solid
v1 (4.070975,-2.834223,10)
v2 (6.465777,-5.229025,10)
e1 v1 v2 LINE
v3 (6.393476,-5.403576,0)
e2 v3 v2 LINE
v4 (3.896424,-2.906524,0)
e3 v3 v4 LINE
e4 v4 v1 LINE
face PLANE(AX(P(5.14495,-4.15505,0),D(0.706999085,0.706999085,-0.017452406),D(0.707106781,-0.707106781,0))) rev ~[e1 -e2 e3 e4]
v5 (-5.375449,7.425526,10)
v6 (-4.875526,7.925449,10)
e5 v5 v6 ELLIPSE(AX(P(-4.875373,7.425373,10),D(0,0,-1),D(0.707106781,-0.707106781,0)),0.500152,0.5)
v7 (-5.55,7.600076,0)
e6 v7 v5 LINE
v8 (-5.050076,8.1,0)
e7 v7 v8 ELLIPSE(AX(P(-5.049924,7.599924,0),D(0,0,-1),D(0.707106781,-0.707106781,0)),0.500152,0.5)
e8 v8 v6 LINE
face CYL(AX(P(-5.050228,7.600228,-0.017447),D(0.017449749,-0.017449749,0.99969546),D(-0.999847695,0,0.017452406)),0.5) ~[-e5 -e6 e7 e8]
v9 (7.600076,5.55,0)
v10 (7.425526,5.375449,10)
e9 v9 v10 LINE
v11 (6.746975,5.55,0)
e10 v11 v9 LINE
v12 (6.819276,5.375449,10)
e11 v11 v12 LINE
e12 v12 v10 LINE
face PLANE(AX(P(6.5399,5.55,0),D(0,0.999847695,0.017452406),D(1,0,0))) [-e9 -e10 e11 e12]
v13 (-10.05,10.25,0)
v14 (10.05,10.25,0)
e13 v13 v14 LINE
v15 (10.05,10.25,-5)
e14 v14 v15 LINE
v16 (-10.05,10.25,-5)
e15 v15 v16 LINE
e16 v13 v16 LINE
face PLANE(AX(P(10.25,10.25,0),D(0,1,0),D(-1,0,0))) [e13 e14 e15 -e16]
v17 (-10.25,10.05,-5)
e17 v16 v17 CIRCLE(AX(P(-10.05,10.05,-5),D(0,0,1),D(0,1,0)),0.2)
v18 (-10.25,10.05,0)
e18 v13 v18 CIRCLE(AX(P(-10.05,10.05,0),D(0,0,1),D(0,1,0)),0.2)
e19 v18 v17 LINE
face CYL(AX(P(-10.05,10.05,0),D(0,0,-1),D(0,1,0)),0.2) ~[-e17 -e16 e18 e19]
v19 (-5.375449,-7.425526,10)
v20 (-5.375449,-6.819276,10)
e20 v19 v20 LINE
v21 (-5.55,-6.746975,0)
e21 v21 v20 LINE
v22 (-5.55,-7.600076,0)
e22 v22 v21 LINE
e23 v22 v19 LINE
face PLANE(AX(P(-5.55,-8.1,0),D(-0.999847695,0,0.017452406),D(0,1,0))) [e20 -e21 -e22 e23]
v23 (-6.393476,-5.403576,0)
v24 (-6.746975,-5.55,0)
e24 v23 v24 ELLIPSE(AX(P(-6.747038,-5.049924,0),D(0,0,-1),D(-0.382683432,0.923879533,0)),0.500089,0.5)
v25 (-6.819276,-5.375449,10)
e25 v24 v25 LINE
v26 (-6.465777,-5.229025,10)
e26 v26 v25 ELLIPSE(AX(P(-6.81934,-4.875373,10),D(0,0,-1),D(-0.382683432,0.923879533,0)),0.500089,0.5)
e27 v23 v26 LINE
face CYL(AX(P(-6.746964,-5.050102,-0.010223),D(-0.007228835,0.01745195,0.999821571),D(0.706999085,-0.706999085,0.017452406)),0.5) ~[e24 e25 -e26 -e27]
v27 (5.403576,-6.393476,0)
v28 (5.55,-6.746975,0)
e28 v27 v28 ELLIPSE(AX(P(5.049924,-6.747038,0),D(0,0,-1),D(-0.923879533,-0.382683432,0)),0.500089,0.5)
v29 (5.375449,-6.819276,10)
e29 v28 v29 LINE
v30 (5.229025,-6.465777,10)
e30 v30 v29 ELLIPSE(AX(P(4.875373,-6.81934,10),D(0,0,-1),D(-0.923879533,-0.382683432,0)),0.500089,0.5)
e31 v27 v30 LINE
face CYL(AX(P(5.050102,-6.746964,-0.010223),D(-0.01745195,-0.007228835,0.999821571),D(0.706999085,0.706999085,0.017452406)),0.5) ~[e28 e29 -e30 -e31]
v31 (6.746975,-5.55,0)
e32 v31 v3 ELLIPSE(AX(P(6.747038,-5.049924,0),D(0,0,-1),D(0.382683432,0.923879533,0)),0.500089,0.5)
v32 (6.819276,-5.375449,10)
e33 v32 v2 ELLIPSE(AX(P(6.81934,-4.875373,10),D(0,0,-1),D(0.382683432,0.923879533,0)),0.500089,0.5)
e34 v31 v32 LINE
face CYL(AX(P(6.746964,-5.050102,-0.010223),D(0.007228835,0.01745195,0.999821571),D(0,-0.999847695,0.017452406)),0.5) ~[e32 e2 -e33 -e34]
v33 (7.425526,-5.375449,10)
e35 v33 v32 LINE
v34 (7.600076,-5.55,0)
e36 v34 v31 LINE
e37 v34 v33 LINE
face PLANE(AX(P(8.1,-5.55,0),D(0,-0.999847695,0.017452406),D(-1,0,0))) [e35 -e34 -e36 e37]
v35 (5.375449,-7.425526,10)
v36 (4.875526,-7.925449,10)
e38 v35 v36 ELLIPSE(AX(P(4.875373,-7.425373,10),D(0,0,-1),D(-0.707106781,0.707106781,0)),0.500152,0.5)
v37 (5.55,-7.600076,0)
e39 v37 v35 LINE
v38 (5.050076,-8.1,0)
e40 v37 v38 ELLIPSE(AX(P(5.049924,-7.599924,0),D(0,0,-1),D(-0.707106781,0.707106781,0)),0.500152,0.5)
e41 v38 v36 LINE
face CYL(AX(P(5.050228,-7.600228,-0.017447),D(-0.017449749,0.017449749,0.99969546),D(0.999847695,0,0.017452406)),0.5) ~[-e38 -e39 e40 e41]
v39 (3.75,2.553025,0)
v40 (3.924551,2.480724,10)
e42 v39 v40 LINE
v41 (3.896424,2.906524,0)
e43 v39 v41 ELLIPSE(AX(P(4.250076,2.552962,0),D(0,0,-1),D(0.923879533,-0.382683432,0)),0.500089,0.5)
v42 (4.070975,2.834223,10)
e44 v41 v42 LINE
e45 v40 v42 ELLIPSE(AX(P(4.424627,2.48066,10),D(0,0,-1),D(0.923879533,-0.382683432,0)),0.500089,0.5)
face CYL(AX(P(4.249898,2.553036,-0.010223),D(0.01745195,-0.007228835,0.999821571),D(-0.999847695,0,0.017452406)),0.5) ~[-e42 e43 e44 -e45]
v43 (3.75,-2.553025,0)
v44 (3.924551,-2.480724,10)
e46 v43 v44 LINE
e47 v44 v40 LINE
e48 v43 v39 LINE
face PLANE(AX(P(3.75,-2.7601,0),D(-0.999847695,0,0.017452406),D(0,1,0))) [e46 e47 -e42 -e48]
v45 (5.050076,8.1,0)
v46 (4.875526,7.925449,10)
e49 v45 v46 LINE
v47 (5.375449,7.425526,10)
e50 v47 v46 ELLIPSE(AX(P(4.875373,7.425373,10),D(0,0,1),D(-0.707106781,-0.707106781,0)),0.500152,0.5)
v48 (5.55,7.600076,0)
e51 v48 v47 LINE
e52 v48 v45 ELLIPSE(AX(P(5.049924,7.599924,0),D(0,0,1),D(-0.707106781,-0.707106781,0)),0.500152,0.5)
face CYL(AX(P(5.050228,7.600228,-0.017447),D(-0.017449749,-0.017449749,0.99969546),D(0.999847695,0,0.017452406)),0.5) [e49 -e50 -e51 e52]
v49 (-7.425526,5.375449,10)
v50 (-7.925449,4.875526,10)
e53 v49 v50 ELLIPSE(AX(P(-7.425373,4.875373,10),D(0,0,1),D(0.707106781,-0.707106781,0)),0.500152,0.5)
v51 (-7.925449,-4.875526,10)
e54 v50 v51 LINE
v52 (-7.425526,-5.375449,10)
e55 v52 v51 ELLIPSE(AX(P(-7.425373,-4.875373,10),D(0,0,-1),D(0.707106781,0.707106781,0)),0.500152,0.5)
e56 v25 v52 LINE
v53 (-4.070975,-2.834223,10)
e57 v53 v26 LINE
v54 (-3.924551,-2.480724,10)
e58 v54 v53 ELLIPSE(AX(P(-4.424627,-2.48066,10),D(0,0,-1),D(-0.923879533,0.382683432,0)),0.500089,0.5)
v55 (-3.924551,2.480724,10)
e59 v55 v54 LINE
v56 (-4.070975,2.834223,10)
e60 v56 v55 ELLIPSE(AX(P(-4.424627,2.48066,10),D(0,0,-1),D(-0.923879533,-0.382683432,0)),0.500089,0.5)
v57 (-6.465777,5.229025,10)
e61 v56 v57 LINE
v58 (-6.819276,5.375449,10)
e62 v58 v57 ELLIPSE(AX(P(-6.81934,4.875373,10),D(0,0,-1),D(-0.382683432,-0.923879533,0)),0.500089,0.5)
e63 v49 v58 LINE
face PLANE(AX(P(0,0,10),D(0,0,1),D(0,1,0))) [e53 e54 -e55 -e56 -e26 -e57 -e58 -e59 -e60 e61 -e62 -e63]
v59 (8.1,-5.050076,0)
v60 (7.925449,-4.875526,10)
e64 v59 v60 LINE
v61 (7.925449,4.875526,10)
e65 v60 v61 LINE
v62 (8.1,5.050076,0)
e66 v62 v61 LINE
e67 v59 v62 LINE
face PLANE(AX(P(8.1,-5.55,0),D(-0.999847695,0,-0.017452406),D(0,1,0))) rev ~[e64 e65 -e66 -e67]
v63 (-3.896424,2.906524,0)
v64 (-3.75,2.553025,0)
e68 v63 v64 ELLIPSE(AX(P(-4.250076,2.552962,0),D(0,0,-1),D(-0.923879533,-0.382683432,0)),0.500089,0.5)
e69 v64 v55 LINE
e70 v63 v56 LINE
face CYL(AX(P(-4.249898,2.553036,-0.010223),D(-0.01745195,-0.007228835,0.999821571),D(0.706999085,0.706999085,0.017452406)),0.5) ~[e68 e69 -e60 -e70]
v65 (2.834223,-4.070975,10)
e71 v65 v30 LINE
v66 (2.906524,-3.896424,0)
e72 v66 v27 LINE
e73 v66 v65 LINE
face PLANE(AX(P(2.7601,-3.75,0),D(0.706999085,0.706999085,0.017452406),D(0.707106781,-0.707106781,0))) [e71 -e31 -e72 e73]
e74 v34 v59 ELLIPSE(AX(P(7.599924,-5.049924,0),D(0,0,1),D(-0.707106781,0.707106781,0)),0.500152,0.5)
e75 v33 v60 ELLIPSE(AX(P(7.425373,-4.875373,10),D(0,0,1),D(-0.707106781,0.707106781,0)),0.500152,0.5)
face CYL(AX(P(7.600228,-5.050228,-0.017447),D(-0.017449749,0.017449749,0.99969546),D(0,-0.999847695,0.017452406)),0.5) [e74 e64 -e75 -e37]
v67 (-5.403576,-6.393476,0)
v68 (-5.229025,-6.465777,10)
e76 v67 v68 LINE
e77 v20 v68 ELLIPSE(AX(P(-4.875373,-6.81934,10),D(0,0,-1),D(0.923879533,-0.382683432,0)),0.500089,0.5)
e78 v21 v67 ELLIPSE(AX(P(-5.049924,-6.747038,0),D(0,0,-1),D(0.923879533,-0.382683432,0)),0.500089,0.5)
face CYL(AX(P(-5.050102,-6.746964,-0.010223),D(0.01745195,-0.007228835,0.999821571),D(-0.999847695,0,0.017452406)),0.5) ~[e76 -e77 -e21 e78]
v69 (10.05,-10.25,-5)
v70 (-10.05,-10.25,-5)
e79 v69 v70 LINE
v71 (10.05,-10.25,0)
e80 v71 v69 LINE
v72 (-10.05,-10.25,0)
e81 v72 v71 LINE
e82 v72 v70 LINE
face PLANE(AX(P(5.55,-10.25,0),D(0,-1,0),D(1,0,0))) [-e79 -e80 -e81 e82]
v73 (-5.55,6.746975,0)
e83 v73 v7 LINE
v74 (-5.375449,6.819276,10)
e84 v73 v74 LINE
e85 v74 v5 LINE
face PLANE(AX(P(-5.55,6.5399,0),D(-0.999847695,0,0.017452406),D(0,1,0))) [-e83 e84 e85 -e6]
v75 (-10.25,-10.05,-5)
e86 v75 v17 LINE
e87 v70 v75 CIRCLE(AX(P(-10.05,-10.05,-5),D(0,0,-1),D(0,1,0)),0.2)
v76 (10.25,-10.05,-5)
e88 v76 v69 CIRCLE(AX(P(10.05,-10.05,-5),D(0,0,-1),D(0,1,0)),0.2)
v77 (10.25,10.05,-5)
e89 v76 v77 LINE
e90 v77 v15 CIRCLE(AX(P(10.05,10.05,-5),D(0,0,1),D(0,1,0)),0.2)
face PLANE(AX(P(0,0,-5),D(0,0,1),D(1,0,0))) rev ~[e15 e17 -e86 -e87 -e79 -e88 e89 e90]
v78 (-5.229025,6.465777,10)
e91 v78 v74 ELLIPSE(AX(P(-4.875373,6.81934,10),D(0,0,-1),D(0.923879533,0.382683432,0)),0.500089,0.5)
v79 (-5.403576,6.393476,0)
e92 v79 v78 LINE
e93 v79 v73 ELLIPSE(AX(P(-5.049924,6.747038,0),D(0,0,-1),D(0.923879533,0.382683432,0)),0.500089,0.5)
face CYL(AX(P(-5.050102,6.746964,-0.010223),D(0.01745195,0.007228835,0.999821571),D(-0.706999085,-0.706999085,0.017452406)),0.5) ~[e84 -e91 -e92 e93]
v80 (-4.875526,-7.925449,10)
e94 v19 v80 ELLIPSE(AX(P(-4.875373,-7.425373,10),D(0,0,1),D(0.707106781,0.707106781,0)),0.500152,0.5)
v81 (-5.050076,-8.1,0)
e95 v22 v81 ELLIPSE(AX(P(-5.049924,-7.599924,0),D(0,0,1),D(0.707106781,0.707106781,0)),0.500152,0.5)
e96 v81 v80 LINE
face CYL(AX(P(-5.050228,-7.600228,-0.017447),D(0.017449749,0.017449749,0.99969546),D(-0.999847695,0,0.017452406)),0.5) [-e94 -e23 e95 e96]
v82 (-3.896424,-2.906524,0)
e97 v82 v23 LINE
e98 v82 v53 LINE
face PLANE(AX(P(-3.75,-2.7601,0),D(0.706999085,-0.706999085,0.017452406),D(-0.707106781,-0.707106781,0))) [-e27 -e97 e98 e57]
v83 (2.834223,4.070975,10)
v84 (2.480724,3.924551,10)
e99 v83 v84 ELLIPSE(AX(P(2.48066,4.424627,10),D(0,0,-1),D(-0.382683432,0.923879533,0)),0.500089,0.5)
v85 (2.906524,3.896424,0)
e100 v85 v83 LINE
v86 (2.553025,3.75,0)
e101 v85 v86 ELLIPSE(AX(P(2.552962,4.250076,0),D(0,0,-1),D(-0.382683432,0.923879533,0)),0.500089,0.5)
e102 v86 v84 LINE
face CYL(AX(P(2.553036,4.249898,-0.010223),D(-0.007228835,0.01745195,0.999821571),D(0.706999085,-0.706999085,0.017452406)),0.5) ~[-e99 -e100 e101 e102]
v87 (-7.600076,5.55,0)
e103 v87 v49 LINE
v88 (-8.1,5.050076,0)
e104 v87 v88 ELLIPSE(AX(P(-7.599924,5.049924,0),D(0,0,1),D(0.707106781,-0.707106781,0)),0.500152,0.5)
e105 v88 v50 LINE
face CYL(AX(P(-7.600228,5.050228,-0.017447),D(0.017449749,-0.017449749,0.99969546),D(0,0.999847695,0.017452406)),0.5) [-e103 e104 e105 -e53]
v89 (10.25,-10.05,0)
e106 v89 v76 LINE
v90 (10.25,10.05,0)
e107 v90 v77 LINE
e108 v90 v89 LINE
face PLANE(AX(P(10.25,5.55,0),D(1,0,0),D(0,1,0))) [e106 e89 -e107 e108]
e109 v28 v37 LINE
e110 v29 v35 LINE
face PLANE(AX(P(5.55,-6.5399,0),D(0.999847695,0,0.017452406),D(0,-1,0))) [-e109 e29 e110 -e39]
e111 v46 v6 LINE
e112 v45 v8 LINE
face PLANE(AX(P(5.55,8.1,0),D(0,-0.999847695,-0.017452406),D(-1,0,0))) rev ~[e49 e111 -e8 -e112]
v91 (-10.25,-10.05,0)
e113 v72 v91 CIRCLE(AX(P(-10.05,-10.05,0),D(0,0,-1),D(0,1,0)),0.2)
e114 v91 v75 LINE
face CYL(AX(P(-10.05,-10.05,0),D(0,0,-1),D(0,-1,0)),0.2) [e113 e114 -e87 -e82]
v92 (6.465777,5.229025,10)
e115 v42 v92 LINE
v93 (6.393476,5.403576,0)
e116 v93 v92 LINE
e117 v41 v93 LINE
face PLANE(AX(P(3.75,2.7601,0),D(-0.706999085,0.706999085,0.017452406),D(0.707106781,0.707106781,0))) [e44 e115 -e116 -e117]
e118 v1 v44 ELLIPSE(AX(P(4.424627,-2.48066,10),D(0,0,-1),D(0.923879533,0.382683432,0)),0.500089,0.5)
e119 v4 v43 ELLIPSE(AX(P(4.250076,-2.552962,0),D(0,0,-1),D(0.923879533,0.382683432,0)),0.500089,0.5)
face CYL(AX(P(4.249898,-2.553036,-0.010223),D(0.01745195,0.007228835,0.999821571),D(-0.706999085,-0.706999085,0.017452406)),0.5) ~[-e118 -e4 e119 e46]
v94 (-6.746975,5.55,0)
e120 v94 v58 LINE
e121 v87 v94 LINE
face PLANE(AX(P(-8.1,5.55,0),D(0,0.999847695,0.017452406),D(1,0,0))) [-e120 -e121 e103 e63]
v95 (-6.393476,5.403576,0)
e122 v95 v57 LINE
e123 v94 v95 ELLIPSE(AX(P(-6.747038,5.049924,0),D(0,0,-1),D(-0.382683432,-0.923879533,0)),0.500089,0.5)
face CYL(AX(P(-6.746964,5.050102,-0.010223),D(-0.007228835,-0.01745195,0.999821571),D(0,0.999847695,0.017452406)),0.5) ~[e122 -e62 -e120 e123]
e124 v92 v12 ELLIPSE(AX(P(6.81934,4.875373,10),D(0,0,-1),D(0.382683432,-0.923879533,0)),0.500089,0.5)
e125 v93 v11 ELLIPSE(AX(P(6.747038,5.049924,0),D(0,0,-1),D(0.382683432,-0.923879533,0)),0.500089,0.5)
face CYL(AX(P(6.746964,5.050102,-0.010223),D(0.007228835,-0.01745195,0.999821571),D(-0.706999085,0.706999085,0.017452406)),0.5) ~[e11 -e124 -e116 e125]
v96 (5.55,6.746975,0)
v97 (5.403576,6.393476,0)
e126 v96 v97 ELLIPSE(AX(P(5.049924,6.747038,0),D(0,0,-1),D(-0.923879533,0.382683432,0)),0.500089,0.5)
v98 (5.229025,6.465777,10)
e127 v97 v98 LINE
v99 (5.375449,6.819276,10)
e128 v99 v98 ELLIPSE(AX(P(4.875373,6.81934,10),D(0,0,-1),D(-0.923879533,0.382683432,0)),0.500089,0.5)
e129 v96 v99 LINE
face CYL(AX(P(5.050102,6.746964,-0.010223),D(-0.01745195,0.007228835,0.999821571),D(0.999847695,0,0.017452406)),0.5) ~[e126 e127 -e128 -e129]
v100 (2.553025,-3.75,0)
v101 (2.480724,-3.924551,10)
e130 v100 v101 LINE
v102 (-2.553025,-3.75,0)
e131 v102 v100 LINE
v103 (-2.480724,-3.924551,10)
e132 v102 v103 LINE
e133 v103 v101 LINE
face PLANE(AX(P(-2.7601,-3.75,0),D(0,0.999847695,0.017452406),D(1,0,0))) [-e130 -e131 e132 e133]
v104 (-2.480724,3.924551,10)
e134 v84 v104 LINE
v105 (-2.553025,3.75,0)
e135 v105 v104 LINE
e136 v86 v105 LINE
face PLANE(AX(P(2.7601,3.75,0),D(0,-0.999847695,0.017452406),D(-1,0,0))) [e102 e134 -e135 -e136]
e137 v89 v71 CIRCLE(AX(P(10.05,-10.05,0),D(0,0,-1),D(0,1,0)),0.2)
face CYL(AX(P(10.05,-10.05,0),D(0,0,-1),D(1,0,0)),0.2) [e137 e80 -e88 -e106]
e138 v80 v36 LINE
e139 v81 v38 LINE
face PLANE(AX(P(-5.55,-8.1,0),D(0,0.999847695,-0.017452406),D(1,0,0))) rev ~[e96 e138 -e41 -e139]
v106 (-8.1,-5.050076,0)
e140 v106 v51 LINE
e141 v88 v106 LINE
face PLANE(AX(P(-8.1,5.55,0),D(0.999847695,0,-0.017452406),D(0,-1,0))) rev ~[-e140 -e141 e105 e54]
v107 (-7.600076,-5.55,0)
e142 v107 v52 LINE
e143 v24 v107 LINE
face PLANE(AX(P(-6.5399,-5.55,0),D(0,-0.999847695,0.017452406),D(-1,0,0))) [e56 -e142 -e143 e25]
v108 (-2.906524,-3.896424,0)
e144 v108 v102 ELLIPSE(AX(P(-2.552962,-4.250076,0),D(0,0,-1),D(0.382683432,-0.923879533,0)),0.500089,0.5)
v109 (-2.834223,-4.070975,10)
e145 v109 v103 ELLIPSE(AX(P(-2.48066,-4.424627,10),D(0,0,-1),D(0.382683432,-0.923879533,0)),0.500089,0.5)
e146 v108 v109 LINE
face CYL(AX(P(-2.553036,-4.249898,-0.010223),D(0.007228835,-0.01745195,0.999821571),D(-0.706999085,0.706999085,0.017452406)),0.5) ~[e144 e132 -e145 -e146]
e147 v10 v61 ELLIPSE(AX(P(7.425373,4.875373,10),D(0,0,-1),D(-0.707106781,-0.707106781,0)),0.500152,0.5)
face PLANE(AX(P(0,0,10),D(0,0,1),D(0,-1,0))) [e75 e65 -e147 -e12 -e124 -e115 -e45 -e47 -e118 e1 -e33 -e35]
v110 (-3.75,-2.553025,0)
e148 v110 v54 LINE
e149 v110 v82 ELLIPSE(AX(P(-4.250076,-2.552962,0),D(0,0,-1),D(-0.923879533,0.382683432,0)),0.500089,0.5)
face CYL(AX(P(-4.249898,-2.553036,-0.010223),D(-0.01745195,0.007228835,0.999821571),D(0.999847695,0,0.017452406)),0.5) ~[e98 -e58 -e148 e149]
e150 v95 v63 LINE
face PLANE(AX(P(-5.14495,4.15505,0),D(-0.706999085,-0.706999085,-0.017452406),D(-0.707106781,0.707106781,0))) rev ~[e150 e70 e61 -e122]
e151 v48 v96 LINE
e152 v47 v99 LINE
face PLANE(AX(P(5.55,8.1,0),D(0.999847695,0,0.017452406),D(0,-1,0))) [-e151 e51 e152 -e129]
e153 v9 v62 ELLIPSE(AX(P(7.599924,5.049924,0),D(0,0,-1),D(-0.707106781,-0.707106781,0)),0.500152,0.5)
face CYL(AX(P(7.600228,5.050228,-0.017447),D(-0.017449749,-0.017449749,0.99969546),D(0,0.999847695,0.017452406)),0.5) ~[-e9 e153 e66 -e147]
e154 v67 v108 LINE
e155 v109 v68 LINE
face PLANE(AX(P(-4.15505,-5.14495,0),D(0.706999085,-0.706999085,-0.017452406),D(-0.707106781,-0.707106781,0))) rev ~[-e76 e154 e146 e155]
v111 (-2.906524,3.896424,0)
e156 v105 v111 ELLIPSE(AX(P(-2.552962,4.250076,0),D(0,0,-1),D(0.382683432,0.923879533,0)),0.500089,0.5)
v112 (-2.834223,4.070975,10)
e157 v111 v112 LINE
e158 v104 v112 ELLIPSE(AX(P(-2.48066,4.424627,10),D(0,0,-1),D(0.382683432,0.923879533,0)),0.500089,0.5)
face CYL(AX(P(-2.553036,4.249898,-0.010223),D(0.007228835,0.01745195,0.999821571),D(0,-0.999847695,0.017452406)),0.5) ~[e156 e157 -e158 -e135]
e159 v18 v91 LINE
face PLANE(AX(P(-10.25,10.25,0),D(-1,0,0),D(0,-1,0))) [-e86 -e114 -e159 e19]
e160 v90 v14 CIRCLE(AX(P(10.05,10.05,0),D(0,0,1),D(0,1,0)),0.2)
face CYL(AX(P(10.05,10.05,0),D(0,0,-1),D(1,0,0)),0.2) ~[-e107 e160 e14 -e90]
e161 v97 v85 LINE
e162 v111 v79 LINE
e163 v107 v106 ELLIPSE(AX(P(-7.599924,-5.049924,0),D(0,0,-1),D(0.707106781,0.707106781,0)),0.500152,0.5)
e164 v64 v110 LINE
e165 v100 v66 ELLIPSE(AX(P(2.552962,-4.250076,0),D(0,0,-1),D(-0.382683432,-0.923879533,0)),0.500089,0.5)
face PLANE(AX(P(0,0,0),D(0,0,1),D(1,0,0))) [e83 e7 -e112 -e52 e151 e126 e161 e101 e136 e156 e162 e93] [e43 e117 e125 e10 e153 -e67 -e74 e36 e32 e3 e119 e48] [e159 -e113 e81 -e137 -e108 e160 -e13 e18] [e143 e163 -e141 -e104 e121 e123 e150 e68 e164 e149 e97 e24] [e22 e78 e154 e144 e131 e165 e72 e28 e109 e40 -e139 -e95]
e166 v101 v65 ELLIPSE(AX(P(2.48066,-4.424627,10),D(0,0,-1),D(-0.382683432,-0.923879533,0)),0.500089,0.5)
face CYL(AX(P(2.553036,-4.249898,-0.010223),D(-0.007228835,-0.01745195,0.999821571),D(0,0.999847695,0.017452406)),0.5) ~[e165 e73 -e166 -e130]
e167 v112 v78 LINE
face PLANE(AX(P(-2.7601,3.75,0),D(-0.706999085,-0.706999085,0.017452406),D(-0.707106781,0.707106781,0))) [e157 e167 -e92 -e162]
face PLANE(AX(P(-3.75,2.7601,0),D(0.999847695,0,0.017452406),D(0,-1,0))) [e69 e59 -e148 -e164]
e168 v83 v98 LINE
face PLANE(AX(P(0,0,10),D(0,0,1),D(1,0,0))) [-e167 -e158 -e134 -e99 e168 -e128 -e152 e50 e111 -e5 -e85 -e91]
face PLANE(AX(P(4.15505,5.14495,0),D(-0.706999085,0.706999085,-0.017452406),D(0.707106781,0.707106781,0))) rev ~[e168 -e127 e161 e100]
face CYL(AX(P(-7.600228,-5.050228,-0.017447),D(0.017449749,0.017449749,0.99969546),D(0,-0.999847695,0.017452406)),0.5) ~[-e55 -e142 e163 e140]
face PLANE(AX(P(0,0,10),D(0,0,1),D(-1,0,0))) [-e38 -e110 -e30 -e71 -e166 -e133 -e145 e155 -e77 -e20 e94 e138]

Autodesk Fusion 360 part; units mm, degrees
ref_plane "WorkPlane1" through (0, 0, 0) normal (0, 0, 1) x (1, 0, 0)
sketch "Sketch1" plane through (0, 0, 0) normal (0, 0, 1) x (1, 0, 0)
  line L0 (10.25, 10.25) -> (-10.25, 10.25)
  line L1 (-10.25, 10.25) -> (-10.25, -10.25)
  line L2 (-10.25, -10.25) -> (10.25, -10.25)
  line L3 (10.25, -10.25) -> (10.25, 10.25)
  line L4 (10.25, 10.25) -> (-10.25, -10.25) construction
  line L5 (-10.25, 10.25) -> (10.25, -10.25) construction
  line L6 (3.75, 3.75) -> (-3.75, 3.75)
  line L7 (-3.75, 3.75) -> (-3.75, -3.75)
  line L8 (-3.75, -3.75) -> (3.75, -3.75)
  line L9 (3.75, -3.75) -> (3.75, 3.75)
  line L10 (3.75, 3.75) -> (-3.75, -3.75) construction
  line L11 (-3.75, 3.75) -> (3.75, -3.75) construction
  line L12 (8.1, 8.1) -> (-8.1, 8.1)
  line L13 (-8.1, 8.1) -> (-8.1, -8.1)
  line L14 (-8.1, -8.1) -> (8.1, -8.1)
  line L15 (8.1, -8.1) -> (8.1, 8.1)
  line L16 (8.1, 8.1) -> (-8.1, -8.1) construction
  line L17 (-8.1, 8.1) -> (8.1, -8.1) construction
  line L18 (10.25, 10.25) -> (5.55, 10.25)
  line L19 (5.55, 10.25) -> (5.55, 5.55)
  line L20 (5.55, 5.55) -> (10.25, 5.55)
  line L21 (10.25, 5.55) -> (10.25, 10.25)
  line L22 (2.7601, 3.75) -> (5.55, 6.5399)
  line L23 (3.75, 2.7601) -> (6.5399, 5.55)
  line L24 (4.155, 5.145) -> (5.145, 4.155)
  line L25 (-5.55, 5.55) -> (-5.55, 10.25)
  line L26 (-10.25, 5.55) -> (-5.55, 5.55)
  line L27 (-3.75, 2.7601) -> (-6.5399, 5.55)
  line L28 (-2.7601, 3.75) -> (-5.55, 6.5399)
  line L29 (-5.55, -5.55) -> (-10.25, -5.55)
  line L30 (-5.55, -10.25) -> (-5.55, -5.55)
  line L31 (-2.7601, -3.75) -> (-5.55, -6.5399)
  line L32 (-3.75, -2.7601) -> (-6.5399, -5.55)
  line L33 (5.55, -5.55) -> (5.55, -10.25)
  line L34 (10.25, -5.55) -> (5.55, -5.55)
  line L35 (3.75, -2.7601) -> (6.5399, -5.55)
  line L36 (2.7601, -3.75) -> (5.55, -6.5399)
  point P0 (4.65, 4.65)
  dimension "d2" = 20.5
  dimension "d3" = 20.5
  dimension "d4" = 7.5
  dimension "d5" = 7.5
  dimension "d6" = 16.2
  dimension "d7" = 16.2
  dimension "d8" = 4.7
  dimension "d9" = 4.7
  dimension "d10" = 1.4
  dimension "d12" = 360
extrude "Extrude1" add sketch "Sketch1" against normal blind 5 makes body 1
extrude "Extrude2" add sketch "Sketch1" along normal blind 10 draft -1 separate body contours L6 L12 L19 L22 L25 L28 makes body 2
sketch "Sketch2" plane through (0, 0, -5) normal (0, 0, -1) x (1, 0, 0)
  line L0 (10.25, -10.25) -> (10.25, 10.25)
  line L1 (10.25, 10.25) -> (-10.25, 10.25)
  line L2 (-10.25, 10.25) -> (-10.25, -10.25)
  line L3 (-10.25, -10.25) -> (10.25, -10.25)
  circle A0 centre (0, 0) radius 2.1
  line L4 (2.0063, 3.475) -> (-2.0063, 3.475)
  line L5 (-2.0063, 3.475) -> (-4.0126, 0)
  line L6 (-4.0126, 0) -> (-2.0063, -3.475)
  line L7 (-2.0063, -3.475) -> (2.0063, -3.475)
  line L8 (2.0063, -3.475) -> (4.0126, 0)
  line L9 (4.0126, 0) -> (2.0063, 3.475)
  dimension "d17" = 4.2
  dimension "d18" = 3.475
fillet "Fillet1" radius 0.5 6 edges at (2.7239, 3.8373, 5) (-2.7239, 3.8373, 5) (-5.4627, 6.5761, 5) (5.4627, 6.5761, 5) (5.4627, 8.0127, 5) (-5.4627, 8.0127, 5) on bodies 2
pattern_circular "C-Pattern1" count 4 over 360 about axis through (0, 0, 1.75) along (0, 0, 1) of bodies 2 makes body 3 at (-8.0418, 1.6252, 3.3333) makes body 4 at (-1.6252, -8.0418, 3.3333) makes body 5 at (8.0418, -1.6252, 3.3333)
combine "Combine1" operation add target body 5 tool bodies 4 3 2 1
fillet "Fillet2" radius 0.2 4 edges at (10.25, -10.25, -2.5) (10.25, 10.25, -2.5) (-10.25, 10.25, -2.5) (-10.25, -10.25, -2.5) on bodies 5
equation "d18 = ( 6.95 / 2 ) * 1 mm"
